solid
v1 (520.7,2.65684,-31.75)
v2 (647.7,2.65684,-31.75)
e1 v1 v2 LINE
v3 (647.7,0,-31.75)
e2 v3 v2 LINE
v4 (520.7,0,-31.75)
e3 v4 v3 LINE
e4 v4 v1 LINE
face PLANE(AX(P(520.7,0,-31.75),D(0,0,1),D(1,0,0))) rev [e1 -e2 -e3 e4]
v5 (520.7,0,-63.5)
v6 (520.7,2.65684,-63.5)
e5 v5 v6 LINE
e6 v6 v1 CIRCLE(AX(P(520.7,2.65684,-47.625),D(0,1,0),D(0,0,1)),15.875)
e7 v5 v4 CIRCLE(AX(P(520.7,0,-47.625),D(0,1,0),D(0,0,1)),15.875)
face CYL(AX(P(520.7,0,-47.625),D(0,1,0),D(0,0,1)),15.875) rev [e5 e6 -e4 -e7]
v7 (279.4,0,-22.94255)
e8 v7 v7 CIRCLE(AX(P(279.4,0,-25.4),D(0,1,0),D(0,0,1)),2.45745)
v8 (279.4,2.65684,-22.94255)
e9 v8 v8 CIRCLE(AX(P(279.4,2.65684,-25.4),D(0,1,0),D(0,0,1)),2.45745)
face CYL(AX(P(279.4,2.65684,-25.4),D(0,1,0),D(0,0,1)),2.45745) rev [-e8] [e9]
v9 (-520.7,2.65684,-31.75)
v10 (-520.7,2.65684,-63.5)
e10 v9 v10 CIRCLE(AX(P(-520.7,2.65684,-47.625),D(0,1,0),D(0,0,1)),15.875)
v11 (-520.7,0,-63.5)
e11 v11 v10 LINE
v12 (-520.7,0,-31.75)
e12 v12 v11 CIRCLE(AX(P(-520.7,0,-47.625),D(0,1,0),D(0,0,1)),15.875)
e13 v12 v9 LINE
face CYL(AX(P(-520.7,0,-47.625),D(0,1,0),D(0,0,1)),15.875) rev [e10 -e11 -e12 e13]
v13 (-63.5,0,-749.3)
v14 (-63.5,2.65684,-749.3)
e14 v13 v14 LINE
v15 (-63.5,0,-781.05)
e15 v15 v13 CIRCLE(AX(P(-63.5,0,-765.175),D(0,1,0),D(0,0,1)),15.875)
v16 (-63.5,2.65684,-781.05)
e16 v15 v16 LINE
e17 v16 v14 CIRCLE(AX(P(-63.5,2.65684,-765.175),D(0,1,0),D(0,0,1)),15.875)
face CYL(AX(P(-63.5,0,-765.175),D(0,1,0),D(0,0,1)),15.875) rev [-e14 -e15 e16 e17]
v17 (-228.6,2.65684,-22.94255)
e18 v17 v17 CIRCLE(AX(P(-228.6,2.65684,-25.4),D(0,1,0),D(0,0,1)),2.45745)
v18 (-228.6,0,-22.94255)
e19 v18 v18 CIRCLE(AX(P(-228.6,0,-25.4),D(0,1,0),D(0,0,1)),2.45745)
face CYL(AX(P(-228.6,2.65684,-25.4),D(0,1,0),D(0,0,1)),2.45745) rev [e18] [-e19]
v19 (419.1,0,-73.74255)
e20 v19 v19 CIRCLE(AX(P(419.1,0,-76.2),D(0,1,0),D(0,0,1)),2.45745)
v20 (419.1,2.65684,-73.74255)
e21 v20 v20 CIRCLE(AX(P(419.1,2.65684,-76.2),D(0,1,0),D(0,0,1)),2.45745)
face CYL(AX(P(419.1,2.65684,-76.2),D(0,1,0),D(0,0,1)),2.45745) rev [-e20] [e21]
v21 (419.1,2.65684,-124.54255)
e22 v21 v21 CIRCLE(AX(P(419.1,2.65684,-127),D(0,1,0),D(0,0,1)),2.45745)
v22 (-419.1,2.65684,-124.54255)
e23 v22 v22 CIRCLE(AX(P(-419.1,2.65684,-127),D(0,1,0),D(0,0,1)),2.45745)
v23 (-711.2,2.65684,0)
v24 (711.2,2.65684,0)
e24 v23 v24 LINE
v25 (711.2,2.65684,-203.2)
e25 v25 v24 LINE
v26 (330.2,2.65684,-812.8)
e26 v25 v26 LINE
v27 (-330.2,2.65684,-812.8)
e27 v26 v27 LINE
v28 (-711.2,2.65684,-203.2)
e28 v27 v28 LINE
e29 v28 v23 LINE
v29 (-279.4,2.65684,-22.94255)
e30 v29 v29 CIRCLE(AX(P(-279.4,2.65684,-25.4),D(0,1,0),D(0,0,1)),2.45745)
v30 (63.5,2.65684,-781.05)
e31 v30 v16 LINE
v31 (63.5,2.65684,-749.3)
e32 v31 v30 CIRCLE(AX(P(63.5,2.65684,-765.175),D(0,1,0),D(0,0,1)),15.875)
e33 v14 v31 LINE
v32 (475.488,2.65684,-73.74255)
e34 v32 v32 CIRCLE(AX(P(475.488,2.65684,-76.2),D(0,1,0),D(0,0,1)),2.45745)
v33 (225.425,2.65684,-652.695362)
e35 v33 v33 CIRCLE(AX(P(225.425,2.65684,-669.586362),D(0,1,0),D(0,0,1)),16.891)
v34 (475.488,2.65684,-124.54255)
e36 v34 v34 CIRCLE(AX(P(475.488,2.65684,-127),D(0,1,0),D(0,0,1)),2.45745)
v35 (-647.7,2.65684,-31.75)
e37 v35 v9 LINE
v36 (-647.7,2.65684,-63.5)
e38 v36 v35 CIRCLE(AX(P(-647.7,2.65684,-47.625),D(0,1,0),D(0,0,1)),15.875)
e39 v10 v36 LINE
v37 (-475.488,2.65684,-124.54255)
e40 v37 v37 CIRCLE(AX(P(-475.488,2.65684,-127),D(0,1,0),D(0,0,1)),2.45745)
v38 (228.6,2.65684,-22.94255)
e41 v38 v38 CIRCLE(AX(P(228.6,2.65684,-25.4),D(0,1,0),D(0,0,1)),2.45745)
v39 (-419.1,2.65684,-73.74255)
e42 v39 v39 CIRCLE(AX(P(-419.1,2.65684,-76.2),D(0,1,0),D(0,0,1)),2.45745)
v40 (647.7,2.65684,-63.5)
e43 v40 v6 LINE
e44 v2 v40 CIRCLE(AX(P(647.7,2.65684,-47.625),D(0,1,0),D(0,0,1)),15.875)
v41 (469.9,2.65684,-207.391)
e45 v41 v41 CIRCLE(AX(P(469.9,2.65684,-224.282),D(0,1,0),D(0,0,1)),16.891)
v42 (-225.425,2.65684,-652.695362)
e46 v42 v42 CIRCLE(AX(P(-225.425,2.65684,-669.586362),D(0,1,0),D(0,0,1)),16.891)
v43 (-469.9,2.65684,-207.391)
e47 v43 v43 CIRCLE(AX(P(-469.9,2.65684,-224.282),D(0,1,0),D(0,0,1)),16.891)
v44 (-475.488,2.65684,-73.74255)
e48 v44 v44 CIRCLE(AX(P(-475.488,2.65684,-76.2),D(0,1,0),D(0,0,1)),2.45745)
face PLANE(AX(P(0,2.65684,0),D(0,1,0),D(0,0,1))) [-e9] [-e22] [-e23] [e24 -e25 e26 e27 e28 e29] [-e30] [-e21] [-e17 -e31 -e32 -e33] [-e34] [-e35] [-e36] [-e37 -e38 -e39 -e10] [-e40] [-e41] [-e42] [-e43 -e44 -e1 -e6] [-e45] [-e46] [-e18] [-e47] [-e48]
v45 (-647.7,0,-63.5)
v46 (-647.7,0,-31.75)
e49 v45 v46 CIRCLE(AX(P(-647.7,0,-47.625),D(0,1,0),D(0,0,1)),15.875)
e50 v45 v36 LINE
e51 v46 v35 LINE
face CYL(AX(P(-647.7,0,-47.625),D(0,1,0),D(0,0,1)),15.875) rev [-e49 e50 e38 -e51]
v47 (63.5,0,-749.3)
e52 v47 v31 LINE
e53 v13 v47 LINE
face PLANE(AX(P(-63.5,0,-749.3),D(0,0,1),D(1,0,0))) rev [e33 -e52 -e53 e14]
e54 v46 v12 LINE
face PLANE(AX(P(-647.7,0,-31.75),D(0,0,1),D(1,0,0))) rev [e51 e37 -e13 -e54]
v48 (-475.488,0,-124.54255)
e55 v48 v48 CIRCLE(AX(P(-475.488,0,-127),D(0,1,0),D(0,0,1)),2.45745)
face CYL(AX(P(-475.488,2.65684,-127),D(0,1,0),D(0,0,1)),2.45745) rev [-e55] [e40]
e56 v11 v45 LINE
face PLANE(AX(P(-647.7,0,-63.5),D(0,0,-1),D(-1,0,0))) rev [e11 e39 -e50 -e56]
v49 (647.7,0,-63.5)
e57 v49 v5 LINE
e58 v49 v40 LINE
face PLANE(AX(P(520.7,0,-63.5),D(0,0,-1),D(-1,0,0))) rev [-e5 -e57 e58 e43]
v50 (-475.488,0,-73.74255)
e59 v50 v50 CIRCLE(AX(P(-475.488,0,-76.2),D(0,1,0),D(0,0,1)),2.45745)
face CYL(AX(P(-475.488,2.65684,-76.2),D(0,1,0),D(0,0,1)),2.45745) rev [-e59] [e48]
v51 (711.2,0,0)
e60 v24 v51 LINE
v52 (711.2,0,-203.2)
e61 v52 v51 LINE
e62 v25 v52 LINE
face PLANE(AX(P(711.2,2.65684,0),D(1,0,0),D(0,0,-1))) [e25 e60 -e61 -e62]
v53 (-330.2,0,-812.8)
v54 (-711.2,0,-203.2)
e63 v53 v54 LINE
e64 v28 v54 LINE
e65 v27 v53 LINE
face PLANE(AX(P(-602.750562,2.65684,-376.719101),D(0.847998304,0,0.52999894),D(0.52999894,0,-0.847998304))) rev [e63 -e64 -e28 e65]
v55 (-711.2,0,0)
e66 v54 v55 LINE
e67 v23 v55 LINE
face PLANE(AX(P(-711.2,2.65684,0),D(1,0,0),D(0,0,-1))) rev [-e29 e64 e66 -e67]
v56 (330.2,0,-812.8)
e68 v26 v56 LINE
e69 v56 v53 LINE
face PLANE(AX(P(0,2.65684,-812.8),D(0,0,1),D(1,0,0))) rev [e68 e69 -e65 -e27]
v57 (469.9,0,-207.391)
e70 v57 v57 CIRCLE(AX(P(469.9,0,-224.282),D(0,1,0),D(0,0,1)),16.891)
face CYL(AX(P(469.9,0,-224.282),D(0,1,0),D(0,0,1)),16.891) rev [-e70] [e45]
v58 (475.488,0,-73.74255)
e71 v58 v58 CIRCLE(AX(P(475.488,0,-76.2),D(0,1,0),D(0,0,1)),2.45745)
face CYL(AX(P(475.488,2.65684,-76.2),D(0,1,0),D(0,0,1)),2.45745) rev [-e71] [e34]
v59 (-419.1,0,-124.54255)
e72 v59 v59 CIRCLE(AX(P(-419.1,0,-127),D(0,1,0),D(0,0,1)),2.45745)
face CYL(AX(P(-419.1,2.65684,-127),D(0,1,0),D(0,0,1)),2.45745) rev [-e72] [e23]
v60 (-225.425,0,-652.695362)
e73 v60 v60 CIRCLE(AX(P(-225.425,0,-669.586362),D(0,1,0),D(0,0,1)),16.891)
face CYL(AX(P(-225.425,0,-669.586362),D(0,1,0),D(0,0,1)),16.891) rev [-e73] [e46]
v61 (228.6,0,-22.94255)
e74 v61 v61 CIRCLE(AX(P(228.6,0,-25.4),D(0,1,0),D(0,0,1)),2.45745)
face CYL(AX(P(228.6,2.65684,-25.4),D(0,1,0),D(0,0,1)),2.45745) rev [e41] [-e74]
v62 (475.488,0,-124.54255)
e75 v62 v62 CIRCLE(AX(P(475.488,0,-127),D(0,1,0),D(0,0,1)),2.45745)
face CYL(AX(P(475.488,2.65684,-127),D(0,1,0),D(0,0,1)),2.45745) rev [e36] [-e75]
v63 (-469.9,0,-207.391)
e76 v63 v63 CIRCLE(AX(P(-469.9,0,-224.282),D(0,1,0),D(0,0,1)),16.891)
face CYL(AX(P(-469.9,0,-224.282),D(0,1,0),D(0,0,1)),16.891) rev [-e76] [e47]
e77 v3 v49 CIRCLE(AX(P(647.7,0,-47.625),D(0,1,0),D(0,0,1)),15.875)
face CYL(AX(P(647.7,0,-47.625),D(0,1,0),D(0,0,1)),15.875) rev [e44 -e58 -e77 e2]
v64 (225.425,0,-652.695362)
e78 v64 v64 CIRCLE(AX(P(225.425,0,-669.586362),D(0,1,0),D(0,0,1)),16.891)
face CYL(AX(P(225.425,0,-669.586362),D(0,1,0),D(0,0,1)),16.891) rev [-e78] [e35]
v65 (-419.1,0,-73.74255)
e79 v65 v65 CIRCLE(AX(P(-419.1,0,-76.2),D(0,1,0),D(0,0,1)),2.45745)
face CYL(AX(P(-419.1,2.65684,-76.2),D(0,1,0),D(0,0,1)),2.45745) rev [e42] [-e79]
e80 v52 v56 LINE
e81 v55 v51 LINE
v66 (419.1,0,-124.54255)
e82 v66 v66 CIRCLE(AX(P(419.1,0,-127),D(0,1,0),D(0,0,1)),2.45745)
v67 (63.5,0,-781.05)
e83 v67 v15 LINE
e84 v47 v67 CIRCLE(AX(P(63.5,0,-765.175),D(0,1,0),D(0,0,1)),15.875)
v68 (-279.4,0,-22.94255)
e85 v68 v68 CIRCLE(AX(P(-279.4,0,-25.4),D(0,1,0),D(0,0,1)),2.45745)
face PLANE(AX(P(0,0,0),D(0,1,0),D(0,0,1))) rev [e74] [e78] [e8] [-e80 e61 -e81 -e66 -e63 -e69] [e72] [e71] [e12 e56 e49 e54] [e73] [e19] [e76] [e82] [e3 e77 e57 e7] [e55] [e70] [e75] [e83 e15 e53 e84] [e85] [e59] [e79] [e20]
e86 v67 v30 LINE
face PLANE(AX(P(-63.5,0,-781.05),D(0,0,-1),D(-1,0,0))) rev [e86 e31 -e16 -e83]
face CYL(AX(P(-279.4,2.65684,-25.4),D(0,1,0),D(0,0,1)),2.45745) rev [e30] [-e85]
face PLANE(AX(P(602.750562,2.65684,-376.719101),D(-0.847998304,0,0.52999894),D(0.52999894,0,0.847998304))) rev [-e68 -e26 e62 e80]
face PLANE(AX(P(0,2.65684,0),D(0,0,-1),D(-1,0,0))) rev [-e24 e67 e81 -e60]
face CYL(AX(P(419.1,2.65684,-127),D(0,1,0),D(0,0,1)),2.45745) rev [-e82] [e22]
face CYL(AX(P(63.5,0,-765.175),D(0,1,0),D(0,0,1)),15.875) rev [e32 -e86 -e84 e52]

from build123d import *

# Parameters (mm, degrees)
BOSS_EXTRUDE1_DEPTH          = 2.65684
CUT_EXTRUDE1_DEPTH           = 3.65684
SKETCH3_R                    = 16.891
CUT_EXTRUDE2_DEPTH           = 3.65684
F_10_0_1935_DIAMETER_HOLE1_D = 4.9149


with BuildPart() as part:
    # Sketch1 → Boss-Extrude1 (new body)
    with BuildSketch(Plane(origin=(0, 0, 0), x_dir=(1, 0, 0), z_dir=(0, 1, 0))):
        Polygon((-711.2, 203.2), (-711.2, 0), (711.2, 0), (711.2, 203.2), (330.2, 812.8), (-330.2, 812.8), align=None)
    extrude(amount=BOSS_EXTRUDE1_DEPTH)

    # Sketch2 → Cut-Extrude1 (cut, through all)
    with BuildSketch(Plane(origin=(0, 2.65684, 0), x_dir=(1, 0, 0), z_dir=(0, 1, 0))):
        with BuildLine():
            Line((-63.5, 781.05), (63.5, 781.05))
            ThreePointArc((63.5, 781.05), (79.375, 765.175), (63.5, 749.3))
            Line((63.5, 749.3), (-63.5, 749.3))
            ThreePointArc((-63.5, 749.3), (-79.375, 765.175), (-63.5, 781.05))
        make_face()
        with BuildLine():
            Line((-647.7, 63.5), (-520.7, 63.5))
            ThreePointArc((-520.7, 63.5), (-504.825, 47.625), (-520.7, 31.75))
            Line((-520.7, 31.75), (-647.7, 31.75))
            ThreePointArc((-647.7, 31.75), (-663.575, 47.625), (-647.7, 63.5))
        make_face()
        with BuildLine():
            Line((520.7, 63.5), (647.7, 63.5))
            ThreePointArc((647.7, 63.5), (663.575, 47.625), (647.7, 31.75))
            Line((647.7, 31.75), (520.7, 31.75))
            ThreePointArc((520.7, 31.75), (504.825, 47.625), (520.7, 63.5))
        make_face()
    extrude(amount=-CUT_EXTRUDE1_DEPTH, mode=Mode.SUBTRACT)

    # Sketch3 → Cut-Extrude2 (cut, through all)
    with BuildSketch(Plane(origin=(0, 2.65684, 0), x_dir=(1, 0, 0), z_dir=(0, 1, 0))):
        with Locations((-469.9, 224.282)):
            Circle(SKETCH3_R)
        with Locations((-225.425, 669.586361505)):
            Circle(SKETCH3_R)
        with Locations((225.425, 669.586361505)):
            Circle(SKETCH3_R)
        with Locations((469.9, 224.282)):
            Circle(SKETCH3_R)
    extrude(amount=-CUT_EXTRUDE2_DEPTH, mode=Mode.SUBTRACT)

    # #10 (0.1935) Diameter Hole1 (through all)
    with Locations(Plane(origin=(0, 2.65684, 0), x_dir=(1, 0, 0), z_dir=(0, 1, 0))):
        with Locations((228.6, 25.4), (279.4, 25.4), (419.1, 76.2), (419.1, 127), (475.488, 76.2), (475.488, 127), (-475.488, 127), (-475.488, 76.2), (-419.1, 76.2), (-419.1, 127), (-279.4, 25.4), (-228.6, 25.4)):
            Hole(F_10_0_1935_DIAMETER_HOLE1_D / 2)


solid = part.part
